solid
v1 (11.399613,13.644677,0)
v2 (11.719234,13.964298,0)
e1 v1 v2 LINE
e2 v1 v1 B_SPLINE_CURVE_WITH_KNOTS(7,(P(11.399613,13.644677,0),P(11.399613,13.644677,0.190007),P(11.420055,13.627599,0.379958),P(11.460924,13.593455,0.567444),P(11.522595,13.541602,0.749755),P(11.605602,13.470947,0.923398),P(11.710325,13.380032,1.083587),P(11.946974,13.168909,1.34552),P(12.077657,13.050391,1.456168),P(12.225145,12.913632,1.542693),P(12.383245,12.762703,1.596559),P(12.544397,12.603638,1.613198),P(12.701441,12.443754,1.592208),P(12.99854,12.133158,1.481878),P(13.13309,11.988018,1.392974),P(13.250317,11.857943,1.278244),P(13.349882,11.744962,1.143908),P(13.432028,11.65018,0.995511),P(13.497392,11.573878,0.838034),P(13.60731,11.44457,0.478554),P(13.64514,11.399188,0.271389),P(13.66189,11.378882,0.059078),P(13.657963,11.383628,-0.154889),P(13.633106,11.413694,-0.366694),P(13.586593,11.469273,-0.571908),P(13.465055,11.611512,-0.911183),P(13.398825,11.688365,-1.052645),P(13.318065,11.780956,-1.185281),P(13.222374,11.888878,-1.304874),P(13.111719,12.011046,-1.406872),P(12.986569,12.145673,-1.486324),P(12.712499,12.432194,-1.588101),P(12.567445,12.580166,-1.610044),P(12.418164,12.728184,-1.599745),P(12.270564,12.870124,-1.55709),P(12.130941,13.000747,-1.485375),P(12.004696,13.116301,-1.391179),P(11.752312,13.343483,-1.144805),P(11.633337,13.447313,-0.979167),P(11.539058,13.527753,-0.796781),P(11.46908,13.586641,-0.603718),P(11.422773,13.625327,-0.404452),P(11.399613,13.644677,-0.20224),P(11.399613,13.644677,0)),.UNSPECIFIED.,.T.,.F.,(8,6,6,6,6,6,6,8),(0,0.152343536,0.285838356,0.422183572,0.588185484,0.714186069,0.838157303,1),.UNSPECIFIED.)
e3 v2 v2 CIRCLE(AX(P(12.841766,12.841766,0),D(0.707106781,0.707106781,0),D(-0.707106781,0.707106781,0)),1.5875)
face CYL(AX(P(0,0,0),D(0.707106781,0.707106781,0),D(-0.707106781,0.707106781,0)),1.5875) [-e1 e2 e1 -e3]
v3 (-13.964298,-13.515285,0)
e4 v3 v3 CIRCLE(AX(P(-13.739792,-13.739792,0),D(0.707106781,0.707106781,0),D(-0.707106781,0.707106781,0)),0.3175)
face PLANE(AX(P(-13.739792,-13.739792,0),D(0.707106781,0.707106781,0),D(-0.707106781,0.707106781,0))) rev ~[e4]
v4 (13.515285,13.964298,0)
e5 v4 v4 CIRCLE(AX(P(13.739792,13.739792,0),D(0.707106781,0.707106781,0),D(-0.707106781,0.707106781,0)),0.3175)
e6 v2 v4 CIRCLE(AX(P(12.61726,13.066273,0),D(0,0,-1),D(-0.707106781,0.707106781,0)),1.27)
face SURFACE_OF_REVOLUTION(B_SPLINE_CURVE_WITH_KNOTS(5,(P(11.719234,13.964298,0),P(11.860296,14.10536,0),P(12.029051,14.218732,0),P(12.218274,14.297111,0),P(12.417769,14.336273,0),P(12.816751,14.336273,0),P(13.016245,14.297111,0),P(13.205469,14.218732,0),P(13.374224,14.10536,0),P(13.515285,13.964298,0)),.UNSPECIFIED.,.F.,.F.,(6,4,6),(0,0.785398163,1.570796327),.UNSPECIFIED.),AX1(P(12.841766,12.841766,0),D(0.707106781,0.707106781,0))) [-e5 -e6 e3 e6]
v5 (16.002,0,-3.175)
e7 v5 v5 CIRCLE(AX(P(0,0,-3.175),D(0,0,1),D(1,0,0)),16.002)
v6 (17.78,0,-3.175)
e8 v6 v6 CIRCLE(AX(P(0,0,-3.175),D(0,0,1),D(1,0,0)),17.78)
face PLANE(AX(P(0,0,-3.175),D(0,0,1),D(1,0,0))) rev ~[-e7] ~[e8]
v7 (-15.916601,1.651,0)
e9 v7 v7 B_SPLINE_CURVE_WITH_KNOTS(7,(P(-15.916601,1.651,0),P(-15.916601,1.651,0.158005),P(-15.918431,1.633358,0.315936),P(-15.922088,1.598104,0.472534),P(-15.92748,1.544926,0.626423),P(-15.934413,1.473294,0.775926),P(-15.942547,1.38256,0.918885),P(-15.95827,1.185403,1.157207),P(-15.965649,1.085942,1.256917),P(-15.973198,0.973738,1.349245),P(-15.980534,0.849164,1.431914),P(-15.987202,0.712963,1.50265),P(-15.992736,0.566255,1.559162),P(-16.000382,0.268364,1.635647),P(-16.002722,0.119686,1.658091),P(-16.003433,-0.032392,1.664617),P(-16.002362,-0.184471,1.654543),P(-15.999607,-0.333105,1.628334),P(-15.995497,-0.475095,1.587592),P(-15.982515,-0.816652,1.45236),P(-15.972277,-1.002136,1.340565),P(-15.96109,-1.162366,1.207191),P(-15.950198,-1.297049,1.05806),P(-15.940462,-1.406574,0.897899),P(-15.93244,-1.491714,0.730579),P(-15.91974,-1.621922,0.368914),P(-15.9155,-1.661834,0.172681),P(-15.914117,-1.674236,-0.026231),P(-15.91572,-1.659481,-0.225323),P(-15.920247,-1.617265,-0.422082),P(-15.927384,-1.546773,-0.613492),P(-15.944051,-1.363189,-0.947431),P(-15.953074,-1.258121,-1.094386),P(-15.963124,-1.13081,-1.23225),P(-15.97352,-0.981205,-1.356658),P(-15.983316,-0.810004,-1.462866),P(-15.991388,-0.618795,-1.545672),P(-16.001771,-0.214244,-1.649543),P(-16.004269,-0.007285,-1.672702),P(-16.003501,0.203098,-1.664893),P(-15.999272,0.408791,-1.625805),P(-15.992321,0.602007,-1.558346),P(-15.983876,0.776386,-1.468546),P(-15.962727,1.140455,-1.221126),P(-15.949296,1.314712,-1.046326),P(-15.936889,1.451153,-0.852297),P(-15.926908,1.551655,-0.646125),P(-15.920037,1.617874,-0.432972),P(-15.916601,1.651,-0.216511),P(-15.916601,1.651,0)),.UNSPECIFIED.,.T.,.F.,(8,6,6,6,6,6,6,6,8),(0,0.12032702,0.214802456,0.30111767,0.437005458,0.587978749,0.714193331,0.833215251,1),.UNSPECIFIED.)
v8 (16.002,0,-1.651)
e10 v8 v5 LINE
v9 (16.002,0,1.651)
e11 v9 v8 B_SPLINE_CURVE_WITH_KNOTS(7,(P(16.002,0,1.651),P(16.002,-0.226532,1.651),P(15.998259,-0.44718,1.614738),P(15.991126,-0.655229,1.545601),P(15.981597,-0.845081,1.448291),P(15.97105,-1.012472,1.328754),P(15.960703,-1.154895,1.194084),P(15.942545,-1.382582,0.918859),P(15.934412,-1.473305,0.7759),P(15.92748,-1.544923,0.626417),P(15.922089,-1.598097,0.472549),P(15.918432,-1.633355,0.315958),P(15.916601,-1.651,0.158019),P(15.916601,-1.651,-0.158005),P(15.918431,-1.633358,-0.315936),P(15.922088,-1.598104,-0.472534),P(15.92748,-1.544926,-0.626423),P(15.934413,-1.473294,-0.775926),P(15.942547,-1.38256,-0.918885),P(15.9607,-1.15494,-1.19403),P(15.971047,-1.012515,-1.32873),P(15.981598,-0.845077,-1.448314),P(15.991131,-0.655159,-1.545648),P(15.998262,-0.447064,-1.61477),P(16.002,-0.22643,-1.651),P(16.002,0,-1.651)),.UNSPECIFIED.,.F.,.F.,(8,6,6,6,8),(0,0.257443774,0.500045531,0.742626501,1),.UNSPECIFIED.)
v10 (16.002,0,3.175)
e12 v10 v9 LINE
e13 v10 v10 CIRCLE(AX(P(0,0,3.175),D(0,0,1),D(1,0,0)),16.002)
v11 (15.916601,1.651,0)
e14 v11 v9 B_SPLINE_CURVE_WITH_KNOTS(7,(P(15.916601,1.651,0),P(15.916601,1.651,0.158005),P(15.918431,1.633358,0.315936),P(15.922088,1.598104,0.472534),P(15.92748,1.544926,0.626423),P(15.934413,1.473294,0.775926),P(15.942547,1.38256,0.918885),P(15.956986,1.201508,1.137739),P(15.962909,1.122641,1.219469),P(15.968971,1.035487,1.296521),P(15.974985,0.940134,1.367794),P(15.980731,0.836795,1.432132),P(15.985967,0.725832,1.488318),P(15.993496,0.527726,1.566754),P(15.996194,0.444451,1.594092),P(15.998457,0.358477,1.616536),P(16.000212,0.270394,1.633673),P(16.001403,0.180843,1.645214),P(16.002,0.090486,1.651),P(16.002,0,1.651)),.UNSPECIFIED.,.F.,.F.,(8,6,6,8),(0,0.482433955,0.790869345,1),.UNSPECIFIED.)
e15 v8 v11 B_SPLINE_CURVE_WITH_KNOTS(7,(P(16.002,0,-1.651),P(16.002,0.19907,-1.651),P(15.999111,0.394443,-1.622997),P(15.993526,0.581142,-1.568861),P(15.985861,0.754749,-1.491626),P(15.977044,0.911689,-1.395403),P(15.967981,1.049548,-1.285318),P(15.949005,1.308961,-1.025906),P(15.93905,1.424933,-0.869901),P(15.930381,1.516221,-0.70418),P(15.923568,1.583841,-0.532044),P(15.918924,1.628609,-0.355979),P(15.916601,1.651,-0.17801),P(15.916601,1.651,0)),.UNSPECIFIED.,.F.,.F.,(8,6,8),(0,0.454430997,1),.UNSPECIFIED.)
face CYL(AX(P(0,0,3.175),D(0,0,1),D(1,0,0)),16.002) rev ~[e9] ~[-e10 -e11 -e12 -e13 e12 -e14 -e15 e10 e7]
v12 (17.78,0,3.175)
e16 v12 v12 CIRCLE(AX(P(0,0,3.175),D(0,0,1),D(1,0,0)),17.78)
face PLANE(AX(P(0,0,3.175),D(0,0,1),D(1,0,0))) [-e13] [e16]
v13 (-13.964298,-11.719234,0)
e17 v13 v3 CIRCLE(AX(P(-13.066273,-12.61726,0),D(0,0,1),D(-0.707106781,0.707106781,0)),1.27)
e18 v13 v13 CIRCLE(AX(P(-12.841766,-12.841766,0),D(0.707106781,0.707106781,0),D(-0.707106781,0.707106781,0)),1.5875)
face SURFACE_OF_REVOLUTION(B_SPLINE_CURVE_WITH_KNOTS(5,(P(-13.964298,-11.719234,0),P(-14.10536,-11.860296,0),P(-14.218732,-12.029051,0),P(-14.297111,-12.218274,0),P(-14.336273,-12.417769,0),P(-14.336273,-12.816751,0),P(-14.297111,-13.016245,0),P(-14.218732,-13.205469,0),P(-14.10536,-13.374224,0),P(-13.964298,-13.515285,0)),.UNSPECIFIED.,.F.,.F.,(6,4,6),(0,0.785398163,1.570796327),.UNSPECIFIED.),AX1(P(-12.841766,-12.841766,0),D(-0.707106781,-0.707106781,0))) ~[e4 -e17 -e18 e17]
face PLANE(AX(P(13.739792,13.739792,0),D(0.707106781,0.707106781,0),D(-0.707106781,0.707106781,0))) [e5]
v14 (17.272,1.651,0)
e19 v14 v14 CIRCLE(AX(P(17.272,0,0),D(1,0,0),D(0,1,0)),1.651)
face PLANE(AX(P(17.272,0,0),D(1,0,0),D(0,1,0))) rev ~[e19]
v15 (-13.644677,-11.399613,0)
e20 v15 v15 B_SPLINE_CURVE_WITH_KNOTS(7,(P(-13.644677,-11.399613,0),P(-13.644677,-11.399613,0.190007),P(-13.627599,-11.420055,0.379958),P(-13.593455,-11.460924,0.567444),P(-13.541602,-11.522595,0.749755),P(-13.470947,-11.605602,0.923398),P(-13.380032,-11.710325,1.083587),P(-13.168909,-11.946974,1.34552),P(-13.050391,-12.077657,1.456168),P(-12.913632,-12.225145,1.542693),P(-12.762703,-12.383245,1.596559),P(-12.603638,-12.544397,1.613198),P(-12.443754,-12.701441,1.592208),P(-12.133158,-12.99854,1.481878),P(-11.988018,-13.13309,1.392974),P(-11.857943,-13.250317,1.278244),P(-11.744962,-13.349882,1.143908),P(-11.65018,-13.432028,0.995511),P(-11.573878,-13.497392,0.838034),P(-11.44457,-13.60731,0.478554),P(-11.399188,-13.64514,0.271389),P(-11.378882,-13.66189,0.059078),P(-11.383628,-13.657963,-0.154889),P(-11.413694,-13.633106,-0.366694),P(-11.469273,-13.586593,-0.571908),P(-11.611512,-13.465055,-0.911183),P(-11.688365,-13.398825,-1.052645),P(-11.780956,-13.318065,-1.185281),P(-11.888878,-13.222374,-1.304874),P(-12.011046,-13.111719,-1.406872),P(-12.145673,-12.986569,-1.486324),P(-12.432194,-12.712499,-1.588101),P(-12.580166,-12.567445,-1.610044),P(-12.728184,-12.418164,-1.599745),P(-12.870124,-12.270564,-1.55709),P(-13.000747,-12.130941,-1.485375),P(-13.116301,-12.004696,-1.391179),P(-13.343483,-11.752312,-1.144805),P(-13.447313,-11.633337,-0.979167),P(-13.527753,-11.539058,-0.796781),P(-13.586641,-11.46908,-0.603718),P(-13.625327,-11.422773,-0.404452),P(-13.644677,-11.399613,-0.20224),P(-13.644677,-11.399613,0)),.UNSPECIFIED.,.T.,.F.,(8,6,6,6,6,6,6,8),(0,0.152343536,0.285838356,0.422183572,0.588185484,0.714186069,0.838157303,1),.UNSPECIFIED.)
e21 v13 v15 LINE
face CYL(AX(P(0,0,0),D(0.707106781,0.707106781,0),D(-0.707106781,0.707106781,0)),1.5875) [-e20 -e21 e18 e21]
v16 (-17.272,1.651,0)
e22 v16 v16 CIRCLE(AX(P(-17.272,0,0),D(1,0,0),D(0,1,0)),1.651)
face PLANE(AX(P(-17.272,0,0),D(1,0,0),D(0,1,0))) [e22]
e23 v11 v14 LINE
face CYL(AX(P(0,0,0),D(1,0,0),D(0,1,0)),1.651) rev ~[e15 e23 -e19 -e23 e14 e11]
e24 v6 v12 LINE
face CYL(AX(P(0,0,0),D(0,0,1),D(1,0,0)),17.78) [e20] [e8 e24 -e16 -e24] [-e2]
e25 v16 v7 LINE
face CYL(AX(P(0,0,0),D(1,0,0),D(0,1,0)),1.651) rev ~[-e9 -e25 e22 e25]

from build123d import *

# Parameters (mm, degrees)
F1_R     = 17.78
F2_DEPTH = 3.175
F3_R     = 1.651
F4_DEPTH = 17.272
F5_R     = 1.5875
F6_DEPTH = 19.431
F7_R     = 16.002
F8_DEPTH = 6.3510001
F9_R     = 1.27


with BuildPart() as f2:
    # F1 (on Top) → F2 (new body, symmetric)
    with BuildSketch(Plane.XY):
        Circle(F1_R)
    extrude(amount=F2_DEPTH, both=True)

    # F3 (on Right) → F4 (cut, symmetric)
    with BuildSketch(Plane.YZ):
        Circle(F3_R)
    extrude(amount=F4_DEPTH, both=True, mode=Mode.SUBTRACT)

    # F5 (on face) → F6 (join, symmetric)
    with BuildSketch(Plane(origin=(0, 0, 0), x_dir=(-0.7071067812, 0.7071067812, 0), z_dir=(0.7071067812, 0.7071067812, 0))):
        Circle(F5_R)
    extrude(amount=F6_DEPTH, both=True)

    # F7 (on face) → F8 (cut, through all)
    with BuildSketch(Plane.XY.offset(3.175)):
        Circle(F7_R)
    extrude(amount=-F8_DEPTH, mode=Mode.SUBTRACT)

    # F9
    f9_edges = [f2.edges().sort_by_distance(p)[0] for p in [
        (14.862324, 12.61726, 0),
        (-12.61726, -14.862324, 0),
    ]]
    fillet(f9_edges, radius=F9_R)


solid = f2.part
